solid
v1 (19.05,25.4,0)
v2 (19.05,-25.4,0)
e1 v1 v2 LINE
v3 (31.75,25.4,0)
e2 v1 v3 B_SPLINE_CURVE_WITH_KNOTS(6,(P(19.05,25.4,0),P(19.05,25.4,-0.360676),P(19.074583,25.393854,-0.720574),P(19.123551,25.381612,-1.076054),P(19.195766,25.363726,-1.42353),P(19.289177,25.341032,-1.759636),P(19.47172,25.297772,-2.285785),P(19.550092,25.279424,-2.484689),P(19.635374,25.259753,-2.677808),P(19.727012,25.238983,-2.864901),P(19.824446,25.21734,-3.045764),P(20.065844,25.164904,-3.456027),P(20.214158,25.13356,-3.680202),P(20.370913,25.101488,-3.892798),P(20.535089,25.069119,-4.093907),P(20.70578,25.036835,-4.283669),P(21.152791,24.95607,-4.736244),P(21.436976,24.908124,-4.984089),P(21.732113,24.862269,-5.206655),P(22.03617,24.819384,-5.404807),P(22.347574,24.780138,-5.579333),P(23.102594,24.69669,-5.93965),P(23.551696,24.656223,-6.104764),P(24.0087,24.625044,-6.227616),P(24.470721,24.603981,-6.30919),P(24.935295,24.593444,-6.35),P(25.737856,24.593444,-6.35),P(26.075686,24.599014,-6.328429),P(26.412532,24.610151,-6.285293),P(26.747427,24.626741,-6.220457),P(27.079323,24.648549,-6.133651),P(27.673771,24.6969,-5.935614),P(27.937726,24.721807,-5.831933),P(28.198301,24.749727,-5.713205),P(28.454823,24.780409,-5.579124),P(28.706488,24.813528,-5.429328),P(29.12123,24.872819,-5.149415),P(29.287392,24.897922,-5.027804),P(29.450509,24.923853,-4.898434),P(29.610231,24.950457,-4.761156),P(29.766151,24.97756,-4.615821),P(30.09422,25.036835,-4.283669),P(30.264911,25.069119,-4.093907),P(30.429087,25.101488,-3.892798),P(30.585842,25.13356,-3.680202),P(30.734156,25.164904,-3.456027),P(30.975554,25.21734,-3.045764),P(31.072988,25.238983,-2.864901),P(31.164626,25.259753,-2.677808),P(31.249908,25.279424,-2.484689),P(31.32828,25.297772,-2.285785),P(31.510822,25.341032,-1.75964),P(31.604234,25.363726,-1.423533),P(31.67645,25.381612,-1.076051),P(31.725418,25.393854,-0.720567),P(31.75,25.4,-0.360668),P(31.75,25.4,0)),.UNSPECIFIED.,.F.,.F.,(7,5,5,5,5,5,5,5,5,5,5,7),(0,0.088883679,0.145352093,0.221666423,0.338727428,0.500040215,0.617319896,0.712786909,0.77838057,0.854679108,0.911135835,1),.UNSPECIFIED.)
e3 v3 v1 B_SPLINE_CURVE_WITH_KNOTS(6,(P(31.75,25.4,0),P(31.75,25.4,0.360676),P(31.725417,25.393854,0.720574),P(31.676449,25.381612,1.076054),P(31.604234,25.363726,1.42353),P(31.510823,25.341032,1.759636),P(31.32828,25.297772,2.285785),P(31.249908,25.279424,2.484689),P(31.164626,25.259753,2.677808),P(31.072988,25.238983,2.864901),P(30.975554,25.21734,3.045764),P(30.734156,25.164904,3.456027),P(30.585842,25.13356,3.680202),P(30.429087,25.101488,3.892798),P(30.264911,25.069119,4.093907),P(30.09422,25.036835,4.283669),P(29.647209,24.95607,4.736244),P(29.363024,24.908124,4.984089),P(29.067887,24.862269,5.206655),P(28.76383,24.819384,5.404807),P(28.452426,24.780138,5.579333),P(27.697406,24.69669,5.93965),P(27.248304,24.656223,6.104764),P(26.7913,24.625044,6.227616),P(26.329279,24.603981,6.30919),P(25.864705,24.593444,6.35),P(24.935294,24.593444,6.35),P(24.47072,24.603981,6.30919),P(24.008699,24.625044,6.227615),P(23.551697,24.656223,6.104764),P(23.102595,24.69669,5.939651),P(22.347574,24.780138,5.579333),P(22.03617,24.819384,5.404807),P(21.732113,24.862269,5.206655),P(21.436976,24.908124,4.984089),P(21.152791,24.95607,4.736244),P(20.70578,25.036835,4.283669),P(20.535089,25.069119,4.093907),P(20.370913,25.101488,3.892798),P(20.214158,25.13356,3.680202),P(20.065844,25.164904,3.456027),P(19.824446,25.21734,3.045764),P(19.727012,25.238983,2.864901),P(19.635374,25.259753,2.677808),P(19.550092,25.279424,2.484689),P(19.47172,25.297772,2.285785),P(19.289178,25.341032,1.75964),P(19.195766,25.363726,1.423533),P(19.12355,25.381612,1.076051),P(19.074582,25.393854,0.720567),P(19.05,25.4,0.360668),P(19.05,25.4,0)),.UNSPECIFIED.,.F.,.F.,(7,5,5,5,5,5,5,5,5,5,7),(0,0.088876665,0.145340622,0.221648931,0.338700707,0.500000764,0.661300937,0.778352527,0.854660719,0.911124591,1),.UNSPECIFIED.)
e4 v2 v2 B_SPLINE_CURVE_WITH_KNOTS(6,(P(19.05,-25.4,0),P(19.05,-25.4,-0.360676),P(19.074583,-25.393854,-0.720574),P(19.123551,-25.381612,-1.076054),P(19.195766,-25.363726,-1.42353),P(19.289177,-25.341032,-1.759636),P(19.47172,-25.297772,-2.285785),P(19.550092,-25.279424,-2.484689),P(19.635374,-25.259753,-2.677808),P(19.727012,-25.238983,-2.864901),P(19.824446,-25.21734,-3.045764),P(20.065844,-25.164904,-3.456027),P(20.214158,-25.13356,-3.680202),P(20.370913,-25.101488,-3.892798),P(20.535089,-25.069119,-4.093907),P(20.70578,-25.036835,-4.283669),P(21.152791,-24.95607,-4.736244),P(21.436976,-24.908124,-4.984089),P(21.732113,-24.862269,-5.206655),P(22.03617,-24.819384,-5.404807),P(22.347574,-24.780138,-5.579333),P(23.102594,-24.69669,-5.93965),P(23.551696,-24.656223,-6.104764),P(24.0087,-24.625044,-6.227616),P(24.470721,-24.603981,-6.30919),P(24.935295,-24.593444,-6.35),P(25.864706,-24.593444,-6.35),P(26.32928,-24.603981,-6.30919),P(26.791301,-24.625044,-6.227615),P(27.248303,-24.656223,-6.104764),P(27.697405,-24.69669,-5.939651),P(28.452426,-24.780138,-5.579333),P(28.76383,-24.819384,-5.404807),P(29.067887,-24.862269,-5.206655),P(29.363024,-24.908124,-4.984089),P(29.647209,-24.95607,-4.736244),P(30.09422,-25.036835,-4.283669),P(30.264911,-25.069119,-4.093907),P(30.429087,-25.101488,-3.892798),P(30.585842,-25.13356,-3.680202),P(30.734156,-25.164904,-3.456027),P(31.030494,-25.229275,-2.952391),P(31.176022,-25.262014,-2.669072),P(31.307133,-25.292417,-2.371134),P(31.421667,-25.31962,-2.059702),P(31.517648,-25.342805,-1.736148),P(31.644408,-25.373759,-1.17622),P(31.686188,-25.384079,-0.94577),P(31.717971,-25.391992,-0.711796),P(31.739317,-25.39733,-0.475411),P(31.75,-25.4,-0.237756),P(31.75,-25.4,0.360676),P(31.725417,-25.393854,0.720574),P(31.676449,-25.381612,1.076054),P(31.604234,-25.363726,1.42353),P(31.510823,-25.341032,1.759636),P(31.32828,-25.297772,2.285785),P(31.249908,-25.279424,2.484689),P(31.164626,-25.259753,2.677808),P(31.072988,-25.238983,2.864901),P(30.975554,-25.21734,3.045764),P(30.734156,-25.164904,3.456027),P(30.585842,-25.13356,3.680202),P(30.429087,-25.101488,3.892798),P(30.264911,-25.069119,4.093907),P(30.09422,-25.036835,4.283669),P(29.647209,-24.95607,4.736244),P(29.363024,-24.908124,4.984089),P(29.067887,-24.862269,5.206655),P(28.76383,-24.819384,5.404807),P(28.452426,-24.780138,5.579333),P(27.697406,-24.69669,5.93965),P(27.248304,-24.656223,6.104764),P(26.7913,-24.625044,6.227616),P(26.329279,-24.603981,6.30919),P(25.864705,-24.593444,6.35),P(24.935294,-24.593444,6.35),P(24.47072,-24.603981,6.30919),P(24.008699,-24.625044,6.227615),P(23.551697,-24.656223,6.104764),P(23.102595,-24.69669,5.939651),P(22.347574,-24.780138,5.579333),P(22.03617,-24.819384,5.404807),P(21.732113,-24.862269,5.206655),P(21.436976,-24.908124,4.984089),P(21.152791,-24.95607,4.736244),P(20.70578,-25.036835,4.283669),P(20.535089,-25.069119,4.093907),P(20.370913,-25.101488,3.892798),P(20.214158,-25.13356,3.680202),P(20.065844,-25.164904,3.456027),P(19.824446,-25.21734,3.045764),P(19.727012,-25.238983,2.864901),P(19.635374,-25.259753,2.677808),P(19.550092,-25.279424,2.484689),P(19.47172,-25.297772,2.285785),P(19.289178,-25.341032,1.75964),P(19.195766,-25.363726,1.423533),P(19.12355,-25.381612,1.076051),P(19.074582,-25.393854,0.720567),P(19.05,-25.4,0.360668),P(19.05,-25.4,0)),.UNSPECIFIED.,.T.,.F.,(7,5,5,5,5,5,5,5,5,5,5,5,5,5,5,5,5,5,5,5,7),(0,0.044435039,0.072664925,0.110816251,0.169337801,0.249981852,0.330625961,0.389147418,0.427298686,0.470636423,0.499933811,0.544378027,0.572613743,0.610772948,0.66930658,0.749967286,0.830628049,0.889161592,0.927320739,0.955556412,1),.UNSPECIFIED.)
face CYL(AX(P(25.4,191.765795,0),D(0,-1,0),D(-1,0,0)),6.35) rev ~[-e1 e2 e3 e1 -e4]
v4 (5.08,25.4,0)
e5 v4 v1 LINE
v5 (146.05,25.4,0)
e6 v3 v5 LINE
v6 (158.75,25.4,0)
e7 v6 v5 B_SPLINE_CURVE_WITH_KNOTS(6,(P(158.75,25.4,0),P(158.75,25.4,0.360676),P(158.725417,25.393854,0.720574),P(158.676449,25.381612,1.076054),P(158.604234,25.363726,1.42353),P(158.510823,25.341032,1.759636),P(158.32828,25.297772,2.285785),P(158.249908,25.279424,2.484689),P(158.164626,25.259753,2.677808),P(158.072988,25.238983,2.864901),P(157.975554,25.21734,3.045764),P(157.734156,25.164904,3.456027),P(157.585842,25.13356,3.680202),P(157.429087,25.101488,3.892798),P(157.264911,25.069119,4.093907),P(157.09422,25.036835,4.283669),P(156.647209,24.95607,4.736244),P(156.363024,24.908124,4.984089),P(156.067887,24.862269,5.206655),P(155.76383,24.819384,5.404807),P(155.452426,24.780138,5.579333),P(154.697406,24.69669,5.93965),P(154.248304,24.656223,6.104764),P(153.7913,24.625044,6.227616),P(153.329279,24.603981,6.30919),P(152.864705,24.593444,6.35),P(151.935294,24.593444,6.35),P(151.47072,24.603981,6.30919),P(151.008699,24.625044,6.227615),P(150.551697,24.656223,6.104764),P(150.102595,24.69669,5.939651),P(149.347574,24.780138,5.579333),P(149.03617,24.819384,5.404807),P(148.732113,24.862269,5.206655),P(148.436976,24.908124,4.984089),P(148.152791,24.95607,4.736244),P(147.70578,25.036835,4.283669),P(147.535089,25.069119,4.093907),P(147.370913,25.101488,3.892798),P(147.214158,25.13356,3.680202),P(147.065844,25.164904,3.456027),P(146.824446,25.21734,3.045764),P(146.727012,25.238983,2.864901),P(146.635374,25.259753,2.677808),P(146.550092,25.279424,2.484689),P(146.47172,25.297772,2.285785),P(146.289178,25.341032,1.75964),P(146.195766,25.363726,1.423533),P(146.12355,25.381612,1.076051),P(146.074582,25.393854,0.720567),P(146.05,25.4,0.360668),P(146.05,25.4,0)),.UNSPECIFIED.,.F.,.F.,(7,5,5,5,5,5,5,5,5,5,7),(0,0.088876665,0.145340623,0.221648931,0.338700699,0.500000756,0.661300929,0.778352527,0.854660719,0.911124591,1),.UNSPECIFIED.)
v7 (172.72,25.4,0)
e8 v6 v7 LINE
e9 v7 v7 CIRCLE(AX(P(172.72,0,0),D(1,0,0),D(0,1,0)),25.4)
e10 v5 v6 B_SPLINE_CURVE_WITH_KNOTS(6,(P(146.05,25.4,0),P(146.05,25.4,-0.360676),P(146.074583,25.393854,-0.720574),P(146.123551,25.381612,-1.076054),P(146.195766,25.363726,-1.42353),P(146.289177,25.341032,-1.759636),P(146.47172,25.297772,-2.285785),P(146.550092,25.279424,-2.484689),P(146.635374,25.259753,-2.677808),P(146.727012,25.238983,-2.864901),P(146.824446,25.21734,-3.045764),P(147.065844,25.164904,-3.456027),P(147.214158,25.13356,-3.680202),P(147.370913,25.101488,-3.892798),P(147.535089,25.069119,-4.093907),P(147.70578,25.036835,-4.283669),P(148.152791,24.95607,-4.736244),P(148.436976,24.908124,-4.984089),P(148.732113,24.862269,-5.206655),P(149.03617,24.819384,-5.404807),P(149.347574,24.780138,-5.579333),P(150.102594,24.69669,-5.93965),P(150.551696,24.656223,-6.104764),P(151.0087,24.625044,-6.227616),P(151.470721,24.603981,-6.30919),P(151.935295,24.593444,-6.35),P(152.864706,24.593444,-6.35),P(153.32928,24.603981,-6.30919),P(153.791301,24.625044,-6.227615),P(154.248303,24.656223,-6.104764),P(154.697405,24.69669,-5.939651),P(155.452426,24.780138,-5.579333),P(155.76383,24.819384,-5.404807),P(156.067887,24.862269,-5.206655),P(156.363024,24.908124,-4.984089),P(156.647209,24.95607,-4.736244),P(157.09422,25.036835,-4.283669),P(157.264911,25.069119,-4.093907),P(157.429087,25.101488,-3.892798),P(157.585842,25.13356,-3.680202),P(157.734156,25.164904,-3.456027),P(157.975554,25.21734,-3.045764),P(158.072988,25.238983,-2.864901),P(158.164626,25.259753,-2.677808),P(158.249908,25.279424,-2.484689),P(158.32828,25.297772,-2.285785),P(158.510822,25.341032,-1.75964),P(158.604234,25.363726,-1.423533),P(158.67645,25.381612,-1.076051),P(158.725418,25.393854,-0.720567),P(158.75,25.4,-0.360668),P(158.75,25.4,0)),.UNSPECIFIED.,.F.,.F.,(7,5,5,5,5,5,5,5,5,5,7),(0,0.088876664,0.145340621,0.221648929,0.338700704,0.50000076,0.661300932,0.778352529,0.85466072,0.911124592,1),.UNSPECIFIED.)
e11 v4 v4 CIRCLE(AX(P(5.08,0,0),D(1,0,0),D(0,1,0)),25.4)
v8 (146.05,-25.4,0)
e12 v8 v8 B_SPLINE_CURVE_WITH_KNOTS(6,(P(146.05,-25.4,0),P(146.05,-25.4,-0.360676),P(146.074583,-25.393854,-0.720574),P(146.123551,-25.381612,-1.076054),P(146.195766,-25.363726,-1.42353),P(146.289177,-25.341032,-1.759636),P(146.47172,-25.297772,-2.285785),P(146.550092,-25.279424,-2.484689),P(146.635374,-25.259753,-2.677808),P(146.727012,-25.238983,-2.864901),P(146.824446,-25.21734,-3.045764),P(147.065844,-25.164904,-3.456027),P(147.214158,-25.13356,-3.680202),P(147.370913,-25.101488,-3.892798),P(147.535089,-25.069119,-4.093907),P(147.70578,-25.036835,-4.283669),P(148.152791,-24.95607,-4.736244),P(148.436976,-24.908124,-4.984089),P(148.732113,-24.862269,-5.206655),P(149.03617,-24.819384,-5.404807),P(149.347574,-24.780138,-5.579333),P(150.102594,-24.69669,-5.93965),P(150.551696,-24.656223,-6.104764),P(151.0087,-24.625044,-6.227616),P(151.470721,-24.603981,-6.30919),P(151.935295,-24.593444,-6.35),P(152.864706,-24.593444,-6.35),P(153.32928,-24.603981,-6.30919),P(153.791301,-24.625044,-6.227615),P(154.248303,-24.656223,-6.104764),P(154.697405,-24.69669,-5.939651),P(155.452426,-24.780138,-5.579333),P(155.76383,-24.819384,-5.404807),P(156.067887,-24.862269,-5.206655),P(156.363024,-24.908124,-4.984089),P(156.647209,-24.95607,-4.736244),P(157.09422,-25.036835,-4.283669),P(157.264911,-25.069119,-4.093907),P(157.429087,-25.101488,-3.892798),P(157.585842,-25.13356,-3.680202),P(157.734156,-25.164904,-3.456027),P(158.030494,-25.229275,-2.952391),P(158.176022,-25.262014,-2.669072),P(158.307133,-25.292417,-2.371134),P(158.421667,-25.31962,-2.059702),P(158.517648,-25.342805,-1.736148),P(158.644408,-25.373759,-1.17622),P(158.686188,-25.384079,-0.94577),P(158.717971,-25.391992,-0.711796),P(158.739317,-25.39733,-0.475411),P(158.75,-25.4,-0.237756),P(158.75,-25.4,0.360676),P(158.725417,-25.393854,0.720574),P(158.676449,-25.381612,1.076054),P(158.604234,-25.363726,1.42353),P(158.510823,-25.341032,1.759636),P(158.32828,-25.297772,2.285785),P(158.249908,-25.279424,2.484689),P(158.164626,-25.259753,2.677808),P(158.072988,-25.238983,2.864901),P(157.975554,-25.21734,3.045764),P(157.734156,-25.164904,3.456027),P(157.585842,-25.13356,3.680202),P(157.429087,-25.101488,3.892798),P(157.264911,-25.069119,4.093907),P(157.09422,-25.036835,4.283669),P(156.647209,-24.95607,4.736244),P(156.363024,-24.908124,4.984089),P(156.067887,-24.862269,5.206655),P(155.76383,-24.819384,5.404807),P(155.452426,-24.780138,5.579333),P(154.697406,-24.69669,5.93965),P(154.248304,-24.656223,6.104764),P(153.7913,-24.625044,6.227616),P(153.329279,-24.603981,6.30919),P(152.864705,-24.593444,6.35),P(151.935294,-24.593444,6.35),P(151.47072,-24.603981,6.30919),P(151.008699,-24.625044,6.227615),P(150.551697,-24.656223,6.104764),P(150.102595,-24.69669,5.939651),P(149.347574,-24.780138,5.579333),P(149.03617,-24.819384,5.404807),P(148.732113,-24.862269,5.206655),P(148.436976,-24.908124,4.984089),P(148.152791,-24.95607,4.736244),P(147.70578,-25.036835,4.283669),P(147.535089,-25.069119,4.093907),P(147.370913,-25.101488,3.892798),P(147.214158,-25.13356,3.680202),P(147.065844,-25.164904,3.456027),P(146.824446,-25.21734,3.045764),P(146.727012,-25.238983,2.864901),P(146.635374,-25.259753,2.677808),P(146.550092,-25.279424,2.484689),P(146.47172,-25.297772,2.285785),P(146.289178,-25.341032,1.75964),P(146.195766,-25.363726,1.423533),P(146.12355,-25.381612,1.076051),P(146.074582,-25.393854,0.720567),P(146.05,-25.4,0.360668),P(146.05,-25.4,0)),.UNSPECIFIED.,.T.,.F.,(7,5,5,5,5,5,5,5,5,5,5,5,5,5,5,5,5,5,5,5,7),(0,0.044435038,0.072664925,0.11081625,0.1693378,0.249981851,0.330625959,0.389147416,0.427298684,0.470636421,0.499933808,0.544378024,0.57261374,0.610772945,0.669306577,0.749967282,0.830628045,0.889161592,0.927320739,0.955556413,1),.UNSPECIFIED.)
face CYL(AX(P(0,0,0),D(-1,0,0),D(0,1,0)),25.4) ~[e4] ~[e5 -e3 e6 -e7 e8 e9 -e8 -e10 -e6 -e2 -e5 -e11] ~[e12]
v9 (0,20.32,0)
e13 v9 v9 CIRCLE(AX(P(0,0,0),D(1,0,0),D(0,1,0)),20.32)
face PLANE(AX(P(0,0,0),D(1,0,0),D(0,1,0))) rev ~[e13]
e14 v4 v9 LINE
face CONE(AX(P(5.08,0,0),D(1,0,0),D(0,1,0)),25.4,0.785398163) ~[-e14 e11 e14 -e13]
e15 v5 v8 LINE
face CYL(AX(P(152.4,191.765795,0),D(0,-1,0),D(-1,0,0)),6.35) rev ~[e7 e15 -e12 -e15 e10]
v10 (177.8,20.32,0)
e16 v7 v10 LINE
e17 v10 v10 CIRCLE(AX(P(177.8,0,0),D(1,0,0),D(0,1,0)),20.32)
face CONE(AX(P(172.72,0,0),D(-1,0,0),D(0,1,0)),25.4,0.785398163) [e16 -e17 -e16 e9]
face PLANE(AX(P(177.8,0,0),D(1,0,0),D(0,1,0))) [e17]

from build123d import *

# Parameters (mm, degrees)
F0_R     = 25.4
F1_DEPTH = 177.8
F2_SIZE  = 5.08
F4_D     = 12.7
F5_D     = 12.7


with BuildPart() as f1:
    # F0 (on Right) → F1 (new body)
    with BuildSketch(Plane.YZ):
        Circle(F0_R)
    extrude(amount=F1_DEPTH)

    # F2
    f2_edges = [f1.edges().sort_by_distance(p)[0] for p in [
        (0, -25.4, 0),
        (177.8, -25.4, 0),
    ]]
    chamfer(f2_edges, length=F2_SIZE)

    # F4 (through all)
    with Locations(Plane(origin=(0, 0, 0), x_dir=(1, 0, 0), z_dir=(0, 1, 0))):
        with Locations((152.4, 0), (25.4, 0)):
            Hole(F4_D / 2)

    # F5 (through all)
    with Locations(Plane.XZ):
        with Locations((25.4, 0), (152.4, 0)):
            Hole(F5_D / 2)


solid = f1.part
